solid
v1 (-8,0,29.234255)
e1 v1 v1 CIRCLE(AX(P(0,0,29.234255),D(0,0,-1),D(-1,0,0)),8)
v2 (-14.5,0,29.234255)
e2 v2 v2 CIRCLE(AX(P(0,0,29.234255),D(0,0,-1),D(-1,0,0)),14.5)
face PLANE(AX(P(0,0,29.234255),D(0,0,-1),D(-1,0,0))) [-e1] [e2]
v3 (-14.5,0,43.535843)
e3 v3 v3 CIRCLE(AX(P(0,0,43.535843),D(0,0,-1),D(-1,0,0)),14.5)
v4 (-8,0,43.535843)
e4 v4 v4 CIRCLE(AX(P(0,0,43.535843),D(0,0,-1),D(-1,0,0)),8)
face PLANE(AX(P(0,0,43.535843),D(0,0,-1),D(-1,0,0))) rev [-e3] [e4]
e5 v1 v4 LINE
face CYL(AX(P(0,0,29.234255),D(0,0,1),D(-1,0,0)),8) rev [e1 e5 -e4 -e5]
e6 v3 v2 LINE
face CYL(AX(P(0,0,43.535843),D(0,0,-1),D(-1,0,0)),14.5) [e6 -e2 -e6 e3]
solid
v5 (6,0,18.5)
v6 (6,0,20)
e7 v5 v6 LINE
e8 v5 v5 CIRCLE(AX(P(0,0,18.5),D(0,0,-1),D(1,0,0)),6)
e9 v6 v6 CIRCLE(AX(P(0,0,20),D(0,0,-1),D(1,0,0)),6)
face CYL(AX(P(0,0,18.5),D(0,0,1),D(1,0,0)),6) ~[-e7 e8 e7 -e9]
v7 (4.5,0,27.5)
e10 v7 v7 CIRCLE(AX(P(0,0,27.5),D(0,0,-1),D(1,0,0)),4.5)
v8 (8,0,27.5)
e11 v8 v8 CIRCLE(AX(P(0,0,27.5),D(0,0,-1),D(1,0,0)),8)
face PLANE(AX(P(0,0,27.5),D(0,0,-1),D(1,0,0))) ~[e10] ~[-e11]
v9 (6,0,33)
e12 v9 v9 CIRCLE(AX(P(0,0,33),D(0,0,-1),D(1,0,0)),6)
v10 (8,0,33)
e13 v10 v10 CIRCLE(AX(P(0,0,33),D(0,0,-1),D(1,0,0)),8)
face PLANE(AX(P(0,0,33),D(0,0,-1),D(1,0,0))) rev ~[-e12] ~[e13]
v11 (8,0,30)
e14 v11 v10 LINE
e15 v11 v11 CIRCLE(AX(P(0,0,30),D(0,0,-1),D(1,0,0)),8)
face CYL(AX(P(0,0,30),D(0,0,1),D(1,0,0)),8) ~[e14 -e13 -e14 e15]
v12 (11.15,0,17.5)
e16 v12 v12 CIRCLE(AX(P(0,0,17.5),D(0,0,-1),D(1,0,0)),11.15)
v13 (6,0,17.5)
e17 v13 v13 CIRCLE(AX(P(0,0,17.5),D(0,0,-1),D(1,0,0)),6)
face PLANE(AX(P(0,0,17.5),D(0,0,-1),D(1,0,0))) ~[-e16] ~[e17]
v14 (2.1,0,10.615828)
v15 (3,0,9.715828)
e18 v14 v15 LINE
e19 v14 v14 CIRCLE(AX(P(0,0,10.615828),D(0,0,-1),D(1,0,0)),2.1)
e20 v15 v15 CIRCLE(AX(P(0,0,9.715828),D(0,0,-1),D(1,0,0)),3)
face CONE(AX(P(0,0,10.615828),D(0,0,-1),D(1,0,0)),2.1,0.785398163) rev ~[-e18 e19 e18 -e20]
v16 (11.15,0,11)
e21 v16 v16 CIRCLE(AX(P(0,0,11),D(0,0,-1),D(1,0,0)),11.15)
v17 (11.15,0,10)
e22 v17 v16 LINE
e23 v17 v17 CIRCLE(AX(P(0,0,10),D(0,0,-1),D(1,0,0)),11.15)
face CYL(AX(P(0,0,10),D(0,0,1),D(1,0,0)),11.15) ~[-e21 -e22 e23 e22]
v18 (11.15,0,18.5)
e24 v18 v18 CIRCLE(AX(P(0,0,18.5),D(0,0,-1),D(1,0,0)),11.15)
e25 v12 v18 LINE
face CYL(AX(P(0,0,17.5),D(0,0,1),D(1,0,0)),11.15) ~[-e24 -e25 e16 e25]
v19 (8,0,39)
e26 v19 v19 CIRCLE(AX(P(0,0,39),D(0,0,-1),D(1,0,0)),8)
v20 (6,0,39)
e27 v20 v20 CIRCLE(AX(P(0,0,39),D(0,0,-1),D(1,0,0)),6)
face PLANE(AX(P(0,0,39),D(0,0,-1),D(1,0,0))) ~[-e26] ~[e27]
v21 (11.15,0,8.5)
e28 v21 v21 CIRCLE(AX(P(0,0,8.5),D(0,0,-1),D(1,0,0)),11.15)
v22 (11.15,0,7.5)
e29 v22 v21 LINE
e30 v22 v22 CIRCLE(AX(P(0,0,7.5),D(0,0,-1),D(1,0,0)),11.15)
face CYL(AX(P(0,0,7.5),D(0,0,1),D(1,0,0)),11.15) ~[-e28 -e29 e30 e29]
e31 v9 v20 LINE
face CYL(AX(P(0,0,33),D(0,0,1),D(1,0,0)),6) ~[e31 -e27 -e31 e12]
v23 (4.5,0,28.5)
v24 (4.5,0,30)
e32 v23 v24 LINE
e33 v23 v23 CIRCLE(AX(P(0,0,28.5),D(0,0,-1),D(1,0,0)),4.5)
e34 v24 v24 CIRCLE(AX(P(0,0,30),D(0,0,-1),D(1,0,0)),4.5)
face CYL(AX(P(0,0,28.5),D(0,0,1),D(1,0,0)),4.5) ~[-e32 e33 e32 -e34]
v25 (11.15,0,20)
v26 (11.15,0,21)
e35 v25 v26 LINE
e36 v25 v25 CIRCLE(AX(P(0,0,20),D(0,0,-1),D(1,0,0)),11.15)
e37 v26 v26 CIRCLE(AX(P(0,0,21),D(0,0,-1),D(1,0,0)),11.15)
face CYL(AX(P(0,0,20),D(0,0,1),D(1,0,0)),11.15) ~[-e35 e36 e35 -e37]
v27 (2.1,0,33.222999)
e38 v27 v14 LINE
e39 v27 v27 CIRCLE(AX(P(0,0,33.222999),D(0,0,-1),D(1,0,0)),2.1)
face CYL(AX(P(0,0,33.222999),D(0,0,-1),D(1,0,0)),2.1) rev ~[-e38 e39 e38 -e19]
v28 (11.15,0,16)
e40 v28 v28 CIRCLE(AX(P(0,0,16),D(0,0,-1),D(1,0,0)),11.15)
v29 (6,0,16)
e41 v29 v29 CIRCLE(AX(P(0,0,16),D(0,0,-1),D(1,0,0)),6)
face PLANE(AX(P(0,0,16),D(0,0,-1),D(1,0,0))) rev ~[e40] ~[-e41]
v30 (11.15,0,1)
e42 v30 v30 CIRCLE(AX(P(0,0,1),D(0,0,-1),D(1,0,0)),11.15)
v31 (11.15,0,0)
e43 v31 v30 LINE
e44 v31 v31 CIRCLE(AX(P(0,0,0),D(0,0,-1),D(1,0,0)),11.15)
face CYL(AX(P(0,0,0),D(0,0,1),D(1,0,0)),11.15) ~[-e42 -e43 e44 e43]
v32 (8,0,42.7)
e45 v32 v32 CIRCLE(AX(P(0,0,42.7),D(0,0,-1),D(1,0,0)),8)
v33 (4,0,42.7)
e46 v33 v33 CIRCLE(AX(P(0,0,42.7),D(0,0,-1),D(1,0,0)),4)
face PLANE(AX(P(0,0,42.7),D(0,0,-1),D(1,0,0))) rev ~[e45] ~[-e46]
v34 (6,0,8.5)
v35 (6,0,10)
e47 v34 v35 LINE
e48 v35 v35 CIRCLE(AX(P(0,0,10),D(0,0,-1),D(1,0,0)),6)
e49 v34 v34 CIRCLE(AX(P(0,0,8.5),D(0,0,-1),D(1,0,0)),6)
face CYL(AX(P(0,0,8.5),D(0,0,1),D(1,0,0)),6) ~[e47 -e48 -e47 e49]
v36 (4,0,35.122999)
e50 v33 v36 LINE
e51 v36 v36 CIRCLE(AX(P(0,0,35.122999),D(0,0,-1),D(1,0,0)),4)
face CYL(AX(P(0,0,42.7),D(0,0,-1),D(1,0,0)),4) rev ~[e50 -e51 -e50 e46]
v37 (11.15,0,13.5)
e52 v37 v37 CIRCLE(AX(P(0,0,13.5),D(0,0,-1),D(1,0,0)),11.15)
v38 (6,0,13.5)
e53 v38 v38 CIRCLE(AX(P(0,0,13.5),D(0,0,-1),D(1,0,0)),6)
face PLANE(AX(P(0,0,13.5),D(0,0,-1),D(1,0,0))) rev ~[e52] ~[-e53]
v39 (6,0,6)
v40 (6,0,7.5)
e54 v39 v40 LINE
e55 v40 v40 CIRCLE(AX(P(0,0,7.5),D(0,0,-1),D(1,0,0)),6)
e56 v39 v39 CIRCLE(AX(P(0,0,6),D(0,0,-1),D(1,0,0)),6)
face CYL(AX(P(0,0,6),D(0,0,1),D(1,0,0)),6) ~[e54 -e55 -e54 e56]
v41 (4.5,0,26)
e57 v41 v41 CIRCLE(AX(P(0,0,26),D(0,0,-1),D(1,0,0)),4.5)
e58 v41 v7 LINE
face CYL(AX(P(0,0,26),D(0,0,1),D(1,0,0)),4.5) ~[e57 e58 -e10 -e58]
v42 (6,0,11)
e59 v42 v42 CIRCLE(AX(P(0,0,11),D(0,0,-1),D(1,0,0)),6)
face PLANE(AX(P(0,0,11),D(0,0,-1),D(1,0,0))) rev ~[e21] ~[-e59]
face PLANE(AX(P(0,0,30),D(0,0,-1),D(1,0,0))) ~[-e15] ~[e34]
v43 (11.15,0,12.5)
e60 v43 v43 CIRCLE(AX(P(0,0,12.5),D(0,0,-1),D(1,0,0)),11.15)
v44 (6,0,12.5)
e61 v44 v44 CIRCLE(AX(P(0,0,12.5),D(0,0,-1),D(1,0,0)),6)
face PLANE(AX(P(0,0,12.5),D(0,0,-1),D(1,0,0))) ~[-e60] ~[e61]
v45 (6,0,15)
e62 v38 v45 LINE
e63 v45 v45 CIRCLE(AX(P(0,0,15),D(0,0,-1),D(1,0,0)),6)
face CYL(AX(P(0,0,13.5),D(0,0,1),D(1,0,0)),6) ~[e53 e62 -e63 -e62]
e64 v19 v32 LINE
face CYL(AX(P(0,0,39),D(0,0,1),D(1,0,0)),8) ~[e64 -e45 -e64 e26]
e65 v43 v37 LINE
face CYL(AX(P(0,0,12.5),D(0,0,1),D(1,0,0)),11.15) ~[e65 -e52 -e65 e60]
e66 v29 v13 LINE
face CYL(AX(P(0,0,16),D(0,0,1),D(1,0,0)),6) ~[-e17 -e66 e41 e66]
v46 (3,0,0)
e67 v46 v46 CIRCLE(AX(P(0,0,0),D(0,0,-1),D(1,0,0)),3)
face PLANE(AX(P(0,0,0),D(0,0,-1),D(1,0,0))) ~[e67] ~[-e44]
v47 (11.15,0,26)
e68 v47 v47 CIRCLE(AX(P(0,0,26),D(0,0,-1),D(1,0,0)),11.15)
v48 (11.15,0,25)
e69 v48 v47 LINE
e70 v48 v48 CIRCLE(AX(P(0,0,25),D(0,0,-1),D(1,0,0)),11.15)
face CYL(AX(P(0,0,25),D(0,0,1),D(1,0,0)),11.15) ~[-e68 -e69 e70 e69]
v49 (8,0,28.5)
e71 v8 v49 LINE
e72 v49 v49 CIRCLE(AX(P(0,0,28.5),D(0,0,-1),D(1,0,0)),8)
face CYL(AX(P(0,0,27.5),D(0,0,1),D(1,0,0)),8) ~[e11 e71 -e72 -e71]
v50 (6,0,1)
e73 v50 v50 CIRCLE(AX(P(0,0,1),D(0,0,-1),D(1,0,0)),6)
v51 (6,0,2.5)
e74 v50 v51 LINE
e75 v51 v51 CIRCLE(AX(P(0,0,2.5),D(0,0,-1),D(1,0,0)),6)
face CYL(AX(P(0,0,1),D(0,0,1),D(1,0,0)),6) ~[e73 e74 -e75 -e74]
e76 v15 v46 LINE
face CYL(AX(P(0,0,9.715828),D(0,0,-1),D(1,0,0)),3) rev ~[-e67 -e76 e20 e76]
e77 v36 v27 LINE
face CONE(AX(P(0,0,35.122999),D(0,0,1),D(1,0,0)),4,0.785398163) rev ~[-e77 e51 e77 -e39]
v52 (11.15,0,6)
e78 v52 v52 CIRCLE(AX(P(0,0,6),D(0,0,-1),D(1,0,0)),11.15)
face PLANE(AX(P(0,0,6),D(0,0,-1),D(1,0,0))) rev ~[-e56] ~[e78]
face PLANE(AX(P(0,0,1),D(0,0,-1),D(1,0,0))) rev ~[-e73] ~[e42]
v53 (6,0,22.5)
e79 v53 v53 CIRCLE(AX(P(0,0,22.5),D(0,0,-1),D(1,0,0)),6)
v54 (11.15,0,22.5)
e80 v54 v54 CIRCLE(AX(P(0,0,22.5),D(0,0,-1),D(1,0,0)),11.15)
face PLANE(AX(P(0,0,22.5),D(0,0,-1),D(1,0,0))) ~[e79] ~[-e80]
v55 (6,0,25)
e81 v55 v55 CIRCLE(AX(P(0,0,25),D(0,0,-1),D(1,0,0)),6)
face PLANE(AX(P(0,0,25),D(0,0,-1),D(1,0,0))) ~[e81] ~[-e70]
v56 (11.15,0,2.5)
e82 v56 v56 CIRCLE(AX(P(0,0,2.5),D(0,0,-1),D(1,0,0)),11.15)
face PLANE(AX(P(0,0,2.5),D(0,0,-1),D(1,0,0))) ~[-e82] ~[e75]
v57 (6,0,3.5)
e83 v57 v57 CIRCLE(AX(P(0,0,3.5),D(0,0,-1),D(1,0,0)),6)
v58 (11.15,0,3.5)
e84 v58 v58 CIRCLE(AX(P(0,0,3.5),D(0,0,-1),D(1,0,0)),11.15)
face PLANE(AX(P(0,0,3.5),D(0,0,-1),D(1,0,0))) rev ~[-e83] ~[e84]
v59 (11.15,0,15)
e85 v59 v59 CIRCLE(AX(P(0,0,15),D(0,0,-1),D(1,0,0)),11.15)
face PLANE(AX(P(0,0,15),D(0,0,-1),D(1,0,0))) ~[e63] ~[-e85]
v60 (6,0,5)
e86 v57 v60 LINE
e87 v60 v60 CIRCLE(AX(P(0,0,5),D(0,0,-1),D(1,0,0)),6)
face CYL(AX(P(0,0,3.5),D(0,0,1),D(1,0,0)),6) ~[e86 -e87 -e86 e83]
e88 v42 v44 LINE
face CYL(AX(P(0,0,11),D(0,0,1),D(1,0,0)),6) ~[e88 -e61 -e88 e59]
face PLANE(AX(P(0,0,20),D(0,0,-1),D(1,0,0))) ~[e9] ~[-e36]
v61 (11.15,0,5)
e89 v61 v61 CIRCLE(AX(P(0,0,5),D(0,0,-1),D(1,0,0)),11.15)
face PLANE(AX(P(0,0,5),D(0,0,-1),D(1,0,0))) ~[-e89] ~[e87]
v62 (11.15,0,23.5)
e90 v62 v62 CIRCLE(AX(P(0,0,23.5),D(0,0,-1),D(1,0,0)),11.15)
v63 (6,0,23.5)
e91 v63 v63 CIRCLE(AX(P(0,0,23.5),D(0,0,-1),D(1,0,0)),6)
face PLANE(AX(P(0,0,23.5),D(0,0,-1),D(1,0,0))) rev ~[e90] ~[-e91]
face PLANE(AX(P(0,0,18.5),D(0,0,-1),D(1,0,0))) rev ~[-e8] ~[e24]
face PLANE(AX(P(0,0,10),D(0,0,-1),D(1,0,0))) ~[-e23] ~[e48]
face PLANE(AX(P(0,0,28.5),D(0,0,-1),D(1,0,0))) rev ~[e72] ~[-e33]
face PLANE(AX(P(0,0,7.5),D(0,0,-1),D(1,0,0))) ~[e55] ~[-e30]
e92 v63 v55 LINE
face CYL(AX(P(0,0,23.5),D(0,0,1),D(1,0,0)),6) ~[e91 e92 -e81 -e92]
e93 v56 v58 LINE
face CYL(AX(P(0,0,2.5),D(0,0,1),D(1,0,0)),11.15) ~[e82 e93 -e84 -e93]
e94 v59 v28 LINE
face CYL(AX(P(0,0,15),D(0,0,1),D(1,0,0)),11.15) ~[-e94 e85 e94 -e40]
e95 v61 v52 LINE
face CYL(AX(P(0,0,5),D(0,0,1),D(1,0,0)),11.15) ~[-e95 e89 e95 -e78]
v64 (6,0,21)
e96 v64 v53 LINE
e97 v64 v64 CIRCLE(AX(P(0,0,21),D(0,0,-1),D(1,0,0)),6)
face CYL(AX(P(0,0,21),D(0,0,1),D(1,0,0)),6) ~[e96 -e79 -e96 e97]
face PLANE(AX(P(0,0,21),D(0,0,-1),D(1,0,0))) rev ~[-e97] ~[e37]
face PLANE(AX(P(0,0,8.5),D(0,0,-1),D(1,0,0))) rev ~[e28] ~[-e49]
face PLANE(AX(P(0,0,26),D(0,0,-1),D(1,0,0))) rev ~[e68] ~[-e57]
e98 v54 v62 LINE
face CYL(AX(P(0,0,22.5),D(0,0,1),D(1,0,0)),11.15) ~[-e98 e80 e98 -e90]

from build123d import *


with BuildPart() as f1:
    # F0 (on Front) → F1 (revolve)
    with BuildSketch(Plane.XZ):
        Polygon((6, 25), (11.15, 25), (11.15, 26), (4.5, 26), (4.5, 27.5), (8, 27.5), (8, 28.5), (4.5, 28.5), (4.5, 30), (8, 30), (8, 33), (6, 33), (6, 39), (8, 39), (8, 42.7), (4, 42.7), (4, 35.122999), (2.1, 33.222999), (2.1, 10.615828), (3, 9.715828), (3, 0), (11.15, 0), (11.15, 1), (6, 1), (6, 2.5), (11.15, 2.5), (11.15, 3.5), (6, 3.5), (6, 5), (11.15, 5), (11.15, 6), (6, 6), (6, 7.5), (11.15, 7.5), (11.15, 8.5), (6, 8.5), (6, 10), (11.15, 10), (11.15, 11), (6, 11), (6, 12.5), (11.15, 12.5), (11.15, 13.5), (6, 13.5), (6, 15), (11.15, 15), (11.15, 16), (6, 16), (6, 17.5), (11.15, 17.5), (11.15, 18.5), (6, 18.5), (6, 20), (11.15, 20), (11.15, 21), (6, 21), (6, 22.5), (11.15, 22.5), (11.15, 23.5), (6, 23.5), align=None)
    revolve(axis=Axis((0, 0, 21.35), (0, 0, -1)))


with BuildPart() as f2:
    # F0 (on Front) → F2 (revolve)
    with BuildSketch(Plane.XZ):
        Polygon((-8, 39), (-8, 42.7), (-8, 43.535843), (-14.5, 43.535843), (-14.5, 29.234255), (-8, 29.234255), (-8, 30), (-8, 33), align=None)
    revolve(axis=Axis((0, 0, 21.35), (0, 0, -1)))


solid = Compound([f1.part, f2.part])
